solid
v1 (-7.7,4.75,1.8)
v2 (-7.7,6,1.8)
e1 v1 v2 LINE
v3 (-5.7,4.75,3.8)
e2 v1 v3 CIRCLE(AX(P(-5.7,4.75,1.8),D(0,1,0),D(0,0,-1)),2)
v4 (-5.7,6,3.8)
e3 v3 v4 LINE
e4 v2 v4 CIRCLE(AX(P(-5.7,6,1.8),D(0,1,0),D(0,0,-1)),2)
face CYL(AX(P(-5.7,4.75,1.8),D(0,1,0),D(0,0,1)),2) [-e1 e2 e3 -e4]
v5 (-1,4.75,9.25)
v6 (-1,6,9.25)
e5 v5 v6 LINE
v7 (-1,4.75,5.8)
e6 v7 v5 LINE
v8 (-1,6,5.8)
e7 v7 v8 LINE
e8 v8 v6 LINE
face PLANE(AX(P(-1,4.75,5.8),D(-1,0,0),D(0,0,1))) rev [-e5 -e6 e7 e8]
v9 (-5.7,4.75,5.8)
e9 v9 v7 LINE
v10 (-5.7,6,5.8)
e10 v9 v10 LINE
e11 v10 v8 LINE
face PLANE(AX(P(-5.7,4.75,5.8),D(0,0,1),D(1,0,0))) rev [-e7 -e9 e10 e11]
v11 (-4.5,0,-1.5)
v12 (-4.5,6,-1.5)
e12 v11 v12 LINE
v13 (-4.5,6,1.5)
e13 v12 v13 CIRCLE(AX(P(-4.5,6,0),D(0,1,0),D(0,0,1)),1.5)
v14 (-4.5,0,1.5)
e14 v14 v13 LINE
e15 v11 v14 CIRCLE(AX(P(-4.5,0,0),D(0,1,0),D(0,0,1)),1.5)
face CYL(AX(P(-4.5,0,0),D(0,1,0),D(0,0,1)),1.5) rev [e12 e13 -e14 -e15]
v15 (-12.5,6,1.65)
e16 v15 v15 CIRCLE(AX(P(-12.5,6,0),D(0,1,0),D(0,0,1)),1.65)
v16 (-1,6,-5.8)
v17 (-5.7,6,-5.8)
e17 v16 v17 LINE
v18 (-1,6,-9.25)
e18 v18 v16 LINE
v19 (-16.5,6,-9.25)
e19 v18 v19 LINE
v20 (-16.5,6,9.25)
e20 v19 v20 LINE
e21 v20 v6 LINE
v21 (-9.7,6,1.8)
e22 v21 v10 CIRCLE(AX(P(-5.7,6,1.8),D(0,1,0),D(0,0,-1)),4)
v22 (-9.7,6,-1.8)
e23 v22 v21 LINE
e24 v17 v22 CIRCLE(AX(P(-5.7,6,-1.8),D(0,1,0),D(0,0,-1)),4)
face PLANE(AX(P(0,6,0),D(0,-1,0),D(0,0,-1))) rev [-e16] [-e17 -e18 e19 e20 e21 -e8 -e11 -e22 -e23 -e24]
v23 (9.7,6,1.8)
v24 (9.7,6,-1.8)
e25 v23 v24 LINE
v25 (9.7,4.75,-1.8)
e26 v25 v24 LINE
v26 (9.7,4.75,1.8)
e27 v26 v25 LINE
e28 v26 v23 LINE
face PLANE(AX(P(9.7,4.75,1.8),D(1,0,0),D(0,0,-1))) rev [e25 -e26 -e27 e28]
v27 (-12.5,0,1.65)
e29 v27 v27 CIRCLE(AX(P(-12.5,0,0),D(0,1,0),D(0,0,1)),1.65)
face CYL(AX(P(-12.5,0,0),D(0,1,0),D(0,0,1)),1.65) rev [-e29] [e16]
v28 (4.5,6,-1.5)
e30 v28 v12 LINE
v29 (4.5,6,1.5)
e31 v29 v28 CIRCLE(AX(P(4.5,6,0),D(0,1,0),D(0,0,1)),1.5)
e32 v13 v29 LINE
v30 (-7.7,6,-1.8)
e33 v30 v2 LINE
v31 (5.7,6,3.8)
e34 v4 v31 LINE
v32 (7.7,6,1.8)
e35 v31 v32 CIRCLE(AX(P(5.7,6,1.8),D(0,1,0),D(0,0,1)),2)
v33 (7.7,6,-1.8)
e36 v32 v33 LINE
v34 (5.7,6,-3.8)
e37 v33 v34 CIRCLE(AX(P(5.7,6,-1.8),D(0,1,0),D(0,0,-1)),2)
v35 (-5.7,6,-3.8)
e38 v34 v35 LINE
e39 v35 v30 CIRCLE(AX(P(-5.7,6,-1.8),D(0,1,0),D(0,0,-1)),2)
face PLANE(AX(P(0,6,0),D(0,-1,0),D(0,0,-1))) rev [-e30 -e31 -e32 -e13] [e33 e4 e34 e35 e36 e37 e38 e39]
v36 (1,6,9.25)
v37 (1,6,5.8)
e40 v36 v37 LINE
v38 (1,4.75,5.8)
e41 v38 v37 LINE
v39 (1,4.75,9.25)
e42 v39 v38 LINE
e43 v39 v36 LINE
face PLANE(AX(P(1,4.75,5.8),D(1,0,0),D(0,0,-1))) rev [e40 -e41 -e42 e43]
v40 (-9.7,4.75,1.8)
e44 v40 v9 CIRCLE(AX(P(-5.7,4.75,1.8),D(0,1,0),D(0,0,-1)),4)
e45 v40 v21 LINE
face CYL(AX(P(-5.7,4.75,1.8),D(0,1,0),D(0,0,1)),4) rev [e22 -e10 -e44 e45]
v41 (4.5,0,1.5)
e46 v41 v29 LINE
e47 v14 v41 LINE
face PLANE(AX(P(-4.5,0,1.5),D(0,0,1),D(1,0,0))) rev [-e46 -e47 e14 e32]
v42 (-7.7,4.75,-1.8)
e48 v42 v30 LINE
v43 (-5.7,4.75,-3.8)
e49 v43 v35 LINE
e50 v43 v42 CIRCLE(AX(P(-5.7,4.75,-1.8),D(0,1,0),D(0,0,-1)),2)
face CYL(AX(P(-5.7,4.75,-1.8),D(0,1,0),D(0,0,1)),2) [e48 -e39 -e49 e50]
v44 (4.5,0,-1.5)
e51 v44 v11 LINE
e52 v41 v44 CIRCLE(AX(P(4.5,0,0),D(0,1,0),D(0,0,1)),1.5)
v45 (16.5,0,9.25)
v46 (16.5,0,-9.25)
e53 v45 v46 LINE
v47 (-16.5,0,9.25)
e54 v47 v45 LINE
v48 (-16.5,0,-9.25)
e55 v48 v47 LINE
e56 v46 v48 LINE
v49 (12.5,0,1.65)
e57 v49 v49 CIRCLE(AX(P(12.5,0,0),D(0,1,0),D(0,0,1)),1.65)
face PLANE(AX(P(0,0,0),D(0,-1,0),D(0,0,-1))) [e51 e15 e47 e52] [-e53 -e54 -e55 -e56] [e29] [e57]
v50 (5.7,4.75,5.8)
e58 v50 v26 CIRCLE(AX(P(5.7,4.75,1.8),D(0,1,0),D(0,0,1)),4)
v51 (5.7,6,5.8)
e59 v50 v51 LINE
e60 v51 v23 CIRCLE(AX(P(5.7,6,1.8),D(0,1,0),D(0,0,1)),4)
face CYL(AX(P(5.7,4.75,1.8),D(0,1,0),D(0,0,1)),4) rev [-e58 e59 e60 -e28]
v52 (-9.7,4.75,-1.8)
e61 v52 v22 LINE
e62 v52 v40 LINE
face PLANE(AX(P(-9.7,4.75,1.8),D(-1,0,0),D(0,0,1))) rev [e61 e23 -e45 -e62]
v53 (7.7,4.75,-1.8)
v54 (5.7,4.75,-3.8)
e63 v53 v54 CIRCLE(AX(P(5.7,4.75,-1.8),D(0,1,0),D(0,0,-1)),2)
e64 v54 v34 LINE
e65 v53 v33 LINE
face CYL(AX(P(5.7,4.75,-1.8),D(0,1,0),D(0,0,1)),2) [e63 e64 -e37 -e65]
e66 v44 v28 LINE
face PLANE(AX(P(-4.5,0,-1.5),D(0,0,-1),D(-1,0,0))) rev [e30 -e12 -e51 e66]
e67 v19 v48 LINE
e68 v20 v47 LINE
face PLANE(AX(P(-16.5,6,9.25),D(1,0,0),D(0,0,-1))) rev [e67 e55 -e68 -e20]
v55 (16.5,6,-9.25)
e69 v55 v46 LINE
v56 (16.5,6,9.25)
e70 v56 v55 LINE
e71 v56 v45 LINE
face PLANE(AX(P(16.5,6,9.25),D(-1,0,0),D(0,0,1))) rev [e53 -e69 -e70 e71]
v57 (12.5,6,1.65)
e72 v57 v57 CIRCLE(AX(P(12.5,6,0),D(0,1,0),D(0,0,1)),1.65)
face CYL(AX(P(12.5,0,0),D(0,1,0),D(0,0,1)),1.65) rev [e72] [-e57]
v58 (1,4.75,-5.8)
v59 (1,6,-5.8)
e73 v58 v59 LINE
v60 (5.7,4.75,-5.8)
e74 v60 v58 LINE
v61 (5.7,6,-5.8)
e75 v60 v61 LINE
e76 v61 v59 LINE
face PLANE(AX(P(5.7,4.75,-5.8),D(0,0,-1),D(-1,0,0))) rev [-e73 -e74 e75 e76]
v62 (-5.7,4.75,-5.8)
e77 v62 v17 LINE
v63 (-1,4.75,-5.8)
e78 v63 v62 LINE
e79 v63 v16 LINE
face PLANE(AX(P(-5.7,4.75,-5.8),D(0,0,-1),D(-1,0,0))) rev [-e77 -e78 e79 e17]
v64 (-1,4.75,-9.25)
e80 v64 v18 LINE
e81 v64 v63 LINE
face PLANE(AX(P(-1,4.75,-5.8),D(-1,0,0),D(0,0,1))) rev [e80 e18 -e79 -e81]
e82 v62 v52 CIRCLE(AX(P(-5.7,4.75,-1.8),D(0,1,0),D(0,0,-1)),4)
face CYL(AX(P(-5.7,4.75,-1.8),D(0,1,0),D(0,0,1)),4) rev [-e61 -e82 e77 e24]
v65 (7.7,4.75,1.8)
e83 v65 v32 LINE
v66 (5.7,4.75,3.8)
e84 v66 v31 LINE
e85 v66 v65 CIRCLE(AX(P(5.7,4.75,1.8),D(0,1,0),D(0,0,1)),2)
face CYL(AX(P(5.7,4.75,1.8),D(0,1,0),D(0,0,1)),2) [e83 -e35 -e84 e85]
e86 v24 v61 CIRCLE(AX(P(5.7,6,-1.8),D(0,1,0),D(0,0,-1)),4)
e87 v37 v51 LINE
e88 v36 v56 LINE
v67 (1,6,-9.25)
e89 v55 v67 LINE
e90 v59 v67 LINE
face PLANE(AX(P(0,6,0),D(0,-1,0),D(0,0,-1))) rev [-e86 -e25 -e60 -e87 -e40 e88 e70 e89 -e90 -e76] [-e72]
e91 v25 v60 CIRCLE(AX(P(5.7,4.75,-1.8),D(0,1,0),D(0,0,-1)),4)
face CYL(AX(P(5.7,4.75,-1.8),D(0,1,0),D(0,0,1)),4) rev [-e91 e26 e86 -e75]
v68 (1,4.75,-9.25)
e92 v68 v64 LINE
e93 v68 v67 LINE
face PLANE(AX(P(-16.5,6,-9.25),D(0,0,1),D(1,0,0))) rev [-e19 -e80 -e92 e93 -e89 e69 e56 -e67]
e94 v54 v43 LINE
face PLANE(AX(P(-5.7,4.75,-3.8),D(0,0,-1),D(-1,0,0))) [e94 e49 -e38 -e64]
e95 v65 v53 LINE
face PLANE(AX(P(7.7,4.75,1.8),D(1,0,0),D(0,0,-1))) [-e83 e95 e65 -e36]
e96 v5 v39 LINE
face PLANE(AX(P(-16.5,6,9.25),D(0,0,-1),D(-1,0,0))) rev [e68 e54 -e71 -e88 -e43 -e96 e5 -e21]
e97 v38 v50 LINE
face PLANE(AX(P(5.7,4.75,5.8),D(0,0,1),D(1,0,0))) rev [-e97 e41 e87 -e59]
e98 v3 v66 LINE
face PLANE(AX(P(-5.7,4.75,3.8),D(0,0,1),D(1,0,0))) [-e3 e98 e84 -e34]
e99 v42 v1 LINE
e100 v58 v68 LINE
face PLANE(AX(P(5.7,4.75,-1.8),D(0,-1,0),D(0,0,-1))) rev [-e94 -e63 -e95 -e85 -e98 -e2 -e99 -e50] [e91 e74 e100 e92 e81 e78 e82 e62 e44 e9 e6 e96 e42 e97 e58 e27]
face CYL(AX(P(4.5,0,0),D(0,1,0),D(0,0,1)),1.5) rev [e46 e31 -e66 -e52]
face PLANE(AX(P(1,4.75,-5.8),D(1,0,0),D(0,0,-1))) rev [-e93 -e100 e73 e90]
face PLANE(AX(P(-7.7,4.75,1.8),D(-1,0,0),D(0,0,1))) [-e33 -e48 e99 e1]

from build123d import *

# Parameters (mm, degrees)
SKETCH2_W           = 33
SKETCH2_H           = 18.5
BOSS_EXTRUDE1_DEPTH = 6
CUT_EXTRUDE1_DEPTH  = 1.25
SKETCH4_R           = 1.65
CUT_EXTRUDE2_DEPTH  = 20.844709622
CUT_EXTRUDE3_DEPTH  = 20.844709622


with BuildPart() as part:
    # Sketch2 → Boss-Extrude1 (new body)
    with BuildSketch(Plane(origin=(0, 0, 0), x_dir=(1, 0, 0), z_dir=(0, 1, 0))):
        Rectangle(SKETCH2_W, SKETCH2_H)
    extrude(amount=BOSS_EXTRUDE1_DEPTH)

    # Sketch3 → Cut-Extrude1 (cut)
    with BuildSketch(Plane(origin=(0, 6, 0), x_dir=(1, 0, 0), z_dir=(0, 1, 0))):
        with BuildLine():
            Line((-1, 9.25), (1, 9.25))
            Line((1, 9.25), (1, 5.8))
            Line((1, 5.8), (5.7, 5.8))
            ThreePointArc((5.7, 5.8), (8.528427125, 4.628427125), (9.7, 1.8))
            Line((9.7, 1.8), (9.7, -1.8))
            ThreePointArc((9.7, -1.8), (8.528427125, -4.628427125), (5.7, -5.8))
            Line((5.7, -5.8), (1, -5.8))
            Line((1, -5.8), (1, -9.25))
            Line((1, -9.25), (-1, -9.25))
            Line((-1, -9.25), (-1, -5.8))
            Line((-1, -5.8), (-5.7, -5.8))
            ThreePointArc((-5.7, -5.8), (-8.528427125, -4.628427125), (-9.7, -1.8))
            Line((-9.7, -1.8), (-9.7, 1.8))
            ThreePointArc((-9.7, 1.8), (-8.528427125, 4.628427125), (-5.7, 5.8))
            Line((-5.7, 5.8), (-1, 5.8))
            Line((-1, 5.8), (-1, 9.25))
        make_face()
        with BuildLine():
            Line((-5.7, -3.8), (5.7, -3.8))
            ThreePointArc((5.7, -3.8), (7.114213562, -3.214213562), (7.7, -1.8))
            Line((7.7, -1.8), (7.7, 1.8))
            ThreePointArc((7.7, 1.8), (7.114213562, 3.214213562), (5.7, 3.8))
            Line((5.7, 3.8), (-5.7, 3.8))
            ThreePointArc((-5.7, 3.8), (-7.114213562, 3.214213562), (-7.7, 1.8))
            Line((-7.7, 1.8), (-7.7, -1.8))
            ThreePointArc((-7.7, -1.8), (-7.114213562, -3.214213562), (-5.7, -3.8))
        make_face(mode=Mode.SUBTRACT)
    extrude(amount=-CUT_EXTRUDE1_DEPTH, mode=Mode.SUBTRACT)

    # Sketch4 → Cut-Extrude2 (cut, through all)
    with BuildSketch(Plane(origin=(0, 6, 0), x_dir=(1, 0, 0), z_dir=(0, 1, 0))):
        with Locations(Location((-12.5, 0, 0), (0, 0, 270))):
            Circle(SKETCH4_R)
        with Locations(Location((12.5, 0, 0), (0, 0, 270))):
            Circle(SKETCH4_R)
    extrude(amount=-CUT_EXTRUDE2_DEPTH, mode=Mode.SUBTRACT)

    # Sketch5 → Cut-Extrude3 (cut, through all)
    with BuildSketch(Plane(origin=(0, 6, 0), x_dir=(1, 0, 0), z_dir=(0, 1, 0))):
        with BuildLine():
            Line((-4.5, -1.5), (4.5, -1.5))
            ThreePointArc((4.5, -1.5), (6, 0), (4.5, 1.5))
            Line((4.5, 1.5), (-4.5, 1.5))
            ThreePointArc((-4.5, 1.5), (-6, 0), (-4.5, -1.5))
        make_face()
    extrude(amount=-CUT_EXTRUDE3_DEPTH, mode=Mode.SUBTRACT)


solid = part.part
